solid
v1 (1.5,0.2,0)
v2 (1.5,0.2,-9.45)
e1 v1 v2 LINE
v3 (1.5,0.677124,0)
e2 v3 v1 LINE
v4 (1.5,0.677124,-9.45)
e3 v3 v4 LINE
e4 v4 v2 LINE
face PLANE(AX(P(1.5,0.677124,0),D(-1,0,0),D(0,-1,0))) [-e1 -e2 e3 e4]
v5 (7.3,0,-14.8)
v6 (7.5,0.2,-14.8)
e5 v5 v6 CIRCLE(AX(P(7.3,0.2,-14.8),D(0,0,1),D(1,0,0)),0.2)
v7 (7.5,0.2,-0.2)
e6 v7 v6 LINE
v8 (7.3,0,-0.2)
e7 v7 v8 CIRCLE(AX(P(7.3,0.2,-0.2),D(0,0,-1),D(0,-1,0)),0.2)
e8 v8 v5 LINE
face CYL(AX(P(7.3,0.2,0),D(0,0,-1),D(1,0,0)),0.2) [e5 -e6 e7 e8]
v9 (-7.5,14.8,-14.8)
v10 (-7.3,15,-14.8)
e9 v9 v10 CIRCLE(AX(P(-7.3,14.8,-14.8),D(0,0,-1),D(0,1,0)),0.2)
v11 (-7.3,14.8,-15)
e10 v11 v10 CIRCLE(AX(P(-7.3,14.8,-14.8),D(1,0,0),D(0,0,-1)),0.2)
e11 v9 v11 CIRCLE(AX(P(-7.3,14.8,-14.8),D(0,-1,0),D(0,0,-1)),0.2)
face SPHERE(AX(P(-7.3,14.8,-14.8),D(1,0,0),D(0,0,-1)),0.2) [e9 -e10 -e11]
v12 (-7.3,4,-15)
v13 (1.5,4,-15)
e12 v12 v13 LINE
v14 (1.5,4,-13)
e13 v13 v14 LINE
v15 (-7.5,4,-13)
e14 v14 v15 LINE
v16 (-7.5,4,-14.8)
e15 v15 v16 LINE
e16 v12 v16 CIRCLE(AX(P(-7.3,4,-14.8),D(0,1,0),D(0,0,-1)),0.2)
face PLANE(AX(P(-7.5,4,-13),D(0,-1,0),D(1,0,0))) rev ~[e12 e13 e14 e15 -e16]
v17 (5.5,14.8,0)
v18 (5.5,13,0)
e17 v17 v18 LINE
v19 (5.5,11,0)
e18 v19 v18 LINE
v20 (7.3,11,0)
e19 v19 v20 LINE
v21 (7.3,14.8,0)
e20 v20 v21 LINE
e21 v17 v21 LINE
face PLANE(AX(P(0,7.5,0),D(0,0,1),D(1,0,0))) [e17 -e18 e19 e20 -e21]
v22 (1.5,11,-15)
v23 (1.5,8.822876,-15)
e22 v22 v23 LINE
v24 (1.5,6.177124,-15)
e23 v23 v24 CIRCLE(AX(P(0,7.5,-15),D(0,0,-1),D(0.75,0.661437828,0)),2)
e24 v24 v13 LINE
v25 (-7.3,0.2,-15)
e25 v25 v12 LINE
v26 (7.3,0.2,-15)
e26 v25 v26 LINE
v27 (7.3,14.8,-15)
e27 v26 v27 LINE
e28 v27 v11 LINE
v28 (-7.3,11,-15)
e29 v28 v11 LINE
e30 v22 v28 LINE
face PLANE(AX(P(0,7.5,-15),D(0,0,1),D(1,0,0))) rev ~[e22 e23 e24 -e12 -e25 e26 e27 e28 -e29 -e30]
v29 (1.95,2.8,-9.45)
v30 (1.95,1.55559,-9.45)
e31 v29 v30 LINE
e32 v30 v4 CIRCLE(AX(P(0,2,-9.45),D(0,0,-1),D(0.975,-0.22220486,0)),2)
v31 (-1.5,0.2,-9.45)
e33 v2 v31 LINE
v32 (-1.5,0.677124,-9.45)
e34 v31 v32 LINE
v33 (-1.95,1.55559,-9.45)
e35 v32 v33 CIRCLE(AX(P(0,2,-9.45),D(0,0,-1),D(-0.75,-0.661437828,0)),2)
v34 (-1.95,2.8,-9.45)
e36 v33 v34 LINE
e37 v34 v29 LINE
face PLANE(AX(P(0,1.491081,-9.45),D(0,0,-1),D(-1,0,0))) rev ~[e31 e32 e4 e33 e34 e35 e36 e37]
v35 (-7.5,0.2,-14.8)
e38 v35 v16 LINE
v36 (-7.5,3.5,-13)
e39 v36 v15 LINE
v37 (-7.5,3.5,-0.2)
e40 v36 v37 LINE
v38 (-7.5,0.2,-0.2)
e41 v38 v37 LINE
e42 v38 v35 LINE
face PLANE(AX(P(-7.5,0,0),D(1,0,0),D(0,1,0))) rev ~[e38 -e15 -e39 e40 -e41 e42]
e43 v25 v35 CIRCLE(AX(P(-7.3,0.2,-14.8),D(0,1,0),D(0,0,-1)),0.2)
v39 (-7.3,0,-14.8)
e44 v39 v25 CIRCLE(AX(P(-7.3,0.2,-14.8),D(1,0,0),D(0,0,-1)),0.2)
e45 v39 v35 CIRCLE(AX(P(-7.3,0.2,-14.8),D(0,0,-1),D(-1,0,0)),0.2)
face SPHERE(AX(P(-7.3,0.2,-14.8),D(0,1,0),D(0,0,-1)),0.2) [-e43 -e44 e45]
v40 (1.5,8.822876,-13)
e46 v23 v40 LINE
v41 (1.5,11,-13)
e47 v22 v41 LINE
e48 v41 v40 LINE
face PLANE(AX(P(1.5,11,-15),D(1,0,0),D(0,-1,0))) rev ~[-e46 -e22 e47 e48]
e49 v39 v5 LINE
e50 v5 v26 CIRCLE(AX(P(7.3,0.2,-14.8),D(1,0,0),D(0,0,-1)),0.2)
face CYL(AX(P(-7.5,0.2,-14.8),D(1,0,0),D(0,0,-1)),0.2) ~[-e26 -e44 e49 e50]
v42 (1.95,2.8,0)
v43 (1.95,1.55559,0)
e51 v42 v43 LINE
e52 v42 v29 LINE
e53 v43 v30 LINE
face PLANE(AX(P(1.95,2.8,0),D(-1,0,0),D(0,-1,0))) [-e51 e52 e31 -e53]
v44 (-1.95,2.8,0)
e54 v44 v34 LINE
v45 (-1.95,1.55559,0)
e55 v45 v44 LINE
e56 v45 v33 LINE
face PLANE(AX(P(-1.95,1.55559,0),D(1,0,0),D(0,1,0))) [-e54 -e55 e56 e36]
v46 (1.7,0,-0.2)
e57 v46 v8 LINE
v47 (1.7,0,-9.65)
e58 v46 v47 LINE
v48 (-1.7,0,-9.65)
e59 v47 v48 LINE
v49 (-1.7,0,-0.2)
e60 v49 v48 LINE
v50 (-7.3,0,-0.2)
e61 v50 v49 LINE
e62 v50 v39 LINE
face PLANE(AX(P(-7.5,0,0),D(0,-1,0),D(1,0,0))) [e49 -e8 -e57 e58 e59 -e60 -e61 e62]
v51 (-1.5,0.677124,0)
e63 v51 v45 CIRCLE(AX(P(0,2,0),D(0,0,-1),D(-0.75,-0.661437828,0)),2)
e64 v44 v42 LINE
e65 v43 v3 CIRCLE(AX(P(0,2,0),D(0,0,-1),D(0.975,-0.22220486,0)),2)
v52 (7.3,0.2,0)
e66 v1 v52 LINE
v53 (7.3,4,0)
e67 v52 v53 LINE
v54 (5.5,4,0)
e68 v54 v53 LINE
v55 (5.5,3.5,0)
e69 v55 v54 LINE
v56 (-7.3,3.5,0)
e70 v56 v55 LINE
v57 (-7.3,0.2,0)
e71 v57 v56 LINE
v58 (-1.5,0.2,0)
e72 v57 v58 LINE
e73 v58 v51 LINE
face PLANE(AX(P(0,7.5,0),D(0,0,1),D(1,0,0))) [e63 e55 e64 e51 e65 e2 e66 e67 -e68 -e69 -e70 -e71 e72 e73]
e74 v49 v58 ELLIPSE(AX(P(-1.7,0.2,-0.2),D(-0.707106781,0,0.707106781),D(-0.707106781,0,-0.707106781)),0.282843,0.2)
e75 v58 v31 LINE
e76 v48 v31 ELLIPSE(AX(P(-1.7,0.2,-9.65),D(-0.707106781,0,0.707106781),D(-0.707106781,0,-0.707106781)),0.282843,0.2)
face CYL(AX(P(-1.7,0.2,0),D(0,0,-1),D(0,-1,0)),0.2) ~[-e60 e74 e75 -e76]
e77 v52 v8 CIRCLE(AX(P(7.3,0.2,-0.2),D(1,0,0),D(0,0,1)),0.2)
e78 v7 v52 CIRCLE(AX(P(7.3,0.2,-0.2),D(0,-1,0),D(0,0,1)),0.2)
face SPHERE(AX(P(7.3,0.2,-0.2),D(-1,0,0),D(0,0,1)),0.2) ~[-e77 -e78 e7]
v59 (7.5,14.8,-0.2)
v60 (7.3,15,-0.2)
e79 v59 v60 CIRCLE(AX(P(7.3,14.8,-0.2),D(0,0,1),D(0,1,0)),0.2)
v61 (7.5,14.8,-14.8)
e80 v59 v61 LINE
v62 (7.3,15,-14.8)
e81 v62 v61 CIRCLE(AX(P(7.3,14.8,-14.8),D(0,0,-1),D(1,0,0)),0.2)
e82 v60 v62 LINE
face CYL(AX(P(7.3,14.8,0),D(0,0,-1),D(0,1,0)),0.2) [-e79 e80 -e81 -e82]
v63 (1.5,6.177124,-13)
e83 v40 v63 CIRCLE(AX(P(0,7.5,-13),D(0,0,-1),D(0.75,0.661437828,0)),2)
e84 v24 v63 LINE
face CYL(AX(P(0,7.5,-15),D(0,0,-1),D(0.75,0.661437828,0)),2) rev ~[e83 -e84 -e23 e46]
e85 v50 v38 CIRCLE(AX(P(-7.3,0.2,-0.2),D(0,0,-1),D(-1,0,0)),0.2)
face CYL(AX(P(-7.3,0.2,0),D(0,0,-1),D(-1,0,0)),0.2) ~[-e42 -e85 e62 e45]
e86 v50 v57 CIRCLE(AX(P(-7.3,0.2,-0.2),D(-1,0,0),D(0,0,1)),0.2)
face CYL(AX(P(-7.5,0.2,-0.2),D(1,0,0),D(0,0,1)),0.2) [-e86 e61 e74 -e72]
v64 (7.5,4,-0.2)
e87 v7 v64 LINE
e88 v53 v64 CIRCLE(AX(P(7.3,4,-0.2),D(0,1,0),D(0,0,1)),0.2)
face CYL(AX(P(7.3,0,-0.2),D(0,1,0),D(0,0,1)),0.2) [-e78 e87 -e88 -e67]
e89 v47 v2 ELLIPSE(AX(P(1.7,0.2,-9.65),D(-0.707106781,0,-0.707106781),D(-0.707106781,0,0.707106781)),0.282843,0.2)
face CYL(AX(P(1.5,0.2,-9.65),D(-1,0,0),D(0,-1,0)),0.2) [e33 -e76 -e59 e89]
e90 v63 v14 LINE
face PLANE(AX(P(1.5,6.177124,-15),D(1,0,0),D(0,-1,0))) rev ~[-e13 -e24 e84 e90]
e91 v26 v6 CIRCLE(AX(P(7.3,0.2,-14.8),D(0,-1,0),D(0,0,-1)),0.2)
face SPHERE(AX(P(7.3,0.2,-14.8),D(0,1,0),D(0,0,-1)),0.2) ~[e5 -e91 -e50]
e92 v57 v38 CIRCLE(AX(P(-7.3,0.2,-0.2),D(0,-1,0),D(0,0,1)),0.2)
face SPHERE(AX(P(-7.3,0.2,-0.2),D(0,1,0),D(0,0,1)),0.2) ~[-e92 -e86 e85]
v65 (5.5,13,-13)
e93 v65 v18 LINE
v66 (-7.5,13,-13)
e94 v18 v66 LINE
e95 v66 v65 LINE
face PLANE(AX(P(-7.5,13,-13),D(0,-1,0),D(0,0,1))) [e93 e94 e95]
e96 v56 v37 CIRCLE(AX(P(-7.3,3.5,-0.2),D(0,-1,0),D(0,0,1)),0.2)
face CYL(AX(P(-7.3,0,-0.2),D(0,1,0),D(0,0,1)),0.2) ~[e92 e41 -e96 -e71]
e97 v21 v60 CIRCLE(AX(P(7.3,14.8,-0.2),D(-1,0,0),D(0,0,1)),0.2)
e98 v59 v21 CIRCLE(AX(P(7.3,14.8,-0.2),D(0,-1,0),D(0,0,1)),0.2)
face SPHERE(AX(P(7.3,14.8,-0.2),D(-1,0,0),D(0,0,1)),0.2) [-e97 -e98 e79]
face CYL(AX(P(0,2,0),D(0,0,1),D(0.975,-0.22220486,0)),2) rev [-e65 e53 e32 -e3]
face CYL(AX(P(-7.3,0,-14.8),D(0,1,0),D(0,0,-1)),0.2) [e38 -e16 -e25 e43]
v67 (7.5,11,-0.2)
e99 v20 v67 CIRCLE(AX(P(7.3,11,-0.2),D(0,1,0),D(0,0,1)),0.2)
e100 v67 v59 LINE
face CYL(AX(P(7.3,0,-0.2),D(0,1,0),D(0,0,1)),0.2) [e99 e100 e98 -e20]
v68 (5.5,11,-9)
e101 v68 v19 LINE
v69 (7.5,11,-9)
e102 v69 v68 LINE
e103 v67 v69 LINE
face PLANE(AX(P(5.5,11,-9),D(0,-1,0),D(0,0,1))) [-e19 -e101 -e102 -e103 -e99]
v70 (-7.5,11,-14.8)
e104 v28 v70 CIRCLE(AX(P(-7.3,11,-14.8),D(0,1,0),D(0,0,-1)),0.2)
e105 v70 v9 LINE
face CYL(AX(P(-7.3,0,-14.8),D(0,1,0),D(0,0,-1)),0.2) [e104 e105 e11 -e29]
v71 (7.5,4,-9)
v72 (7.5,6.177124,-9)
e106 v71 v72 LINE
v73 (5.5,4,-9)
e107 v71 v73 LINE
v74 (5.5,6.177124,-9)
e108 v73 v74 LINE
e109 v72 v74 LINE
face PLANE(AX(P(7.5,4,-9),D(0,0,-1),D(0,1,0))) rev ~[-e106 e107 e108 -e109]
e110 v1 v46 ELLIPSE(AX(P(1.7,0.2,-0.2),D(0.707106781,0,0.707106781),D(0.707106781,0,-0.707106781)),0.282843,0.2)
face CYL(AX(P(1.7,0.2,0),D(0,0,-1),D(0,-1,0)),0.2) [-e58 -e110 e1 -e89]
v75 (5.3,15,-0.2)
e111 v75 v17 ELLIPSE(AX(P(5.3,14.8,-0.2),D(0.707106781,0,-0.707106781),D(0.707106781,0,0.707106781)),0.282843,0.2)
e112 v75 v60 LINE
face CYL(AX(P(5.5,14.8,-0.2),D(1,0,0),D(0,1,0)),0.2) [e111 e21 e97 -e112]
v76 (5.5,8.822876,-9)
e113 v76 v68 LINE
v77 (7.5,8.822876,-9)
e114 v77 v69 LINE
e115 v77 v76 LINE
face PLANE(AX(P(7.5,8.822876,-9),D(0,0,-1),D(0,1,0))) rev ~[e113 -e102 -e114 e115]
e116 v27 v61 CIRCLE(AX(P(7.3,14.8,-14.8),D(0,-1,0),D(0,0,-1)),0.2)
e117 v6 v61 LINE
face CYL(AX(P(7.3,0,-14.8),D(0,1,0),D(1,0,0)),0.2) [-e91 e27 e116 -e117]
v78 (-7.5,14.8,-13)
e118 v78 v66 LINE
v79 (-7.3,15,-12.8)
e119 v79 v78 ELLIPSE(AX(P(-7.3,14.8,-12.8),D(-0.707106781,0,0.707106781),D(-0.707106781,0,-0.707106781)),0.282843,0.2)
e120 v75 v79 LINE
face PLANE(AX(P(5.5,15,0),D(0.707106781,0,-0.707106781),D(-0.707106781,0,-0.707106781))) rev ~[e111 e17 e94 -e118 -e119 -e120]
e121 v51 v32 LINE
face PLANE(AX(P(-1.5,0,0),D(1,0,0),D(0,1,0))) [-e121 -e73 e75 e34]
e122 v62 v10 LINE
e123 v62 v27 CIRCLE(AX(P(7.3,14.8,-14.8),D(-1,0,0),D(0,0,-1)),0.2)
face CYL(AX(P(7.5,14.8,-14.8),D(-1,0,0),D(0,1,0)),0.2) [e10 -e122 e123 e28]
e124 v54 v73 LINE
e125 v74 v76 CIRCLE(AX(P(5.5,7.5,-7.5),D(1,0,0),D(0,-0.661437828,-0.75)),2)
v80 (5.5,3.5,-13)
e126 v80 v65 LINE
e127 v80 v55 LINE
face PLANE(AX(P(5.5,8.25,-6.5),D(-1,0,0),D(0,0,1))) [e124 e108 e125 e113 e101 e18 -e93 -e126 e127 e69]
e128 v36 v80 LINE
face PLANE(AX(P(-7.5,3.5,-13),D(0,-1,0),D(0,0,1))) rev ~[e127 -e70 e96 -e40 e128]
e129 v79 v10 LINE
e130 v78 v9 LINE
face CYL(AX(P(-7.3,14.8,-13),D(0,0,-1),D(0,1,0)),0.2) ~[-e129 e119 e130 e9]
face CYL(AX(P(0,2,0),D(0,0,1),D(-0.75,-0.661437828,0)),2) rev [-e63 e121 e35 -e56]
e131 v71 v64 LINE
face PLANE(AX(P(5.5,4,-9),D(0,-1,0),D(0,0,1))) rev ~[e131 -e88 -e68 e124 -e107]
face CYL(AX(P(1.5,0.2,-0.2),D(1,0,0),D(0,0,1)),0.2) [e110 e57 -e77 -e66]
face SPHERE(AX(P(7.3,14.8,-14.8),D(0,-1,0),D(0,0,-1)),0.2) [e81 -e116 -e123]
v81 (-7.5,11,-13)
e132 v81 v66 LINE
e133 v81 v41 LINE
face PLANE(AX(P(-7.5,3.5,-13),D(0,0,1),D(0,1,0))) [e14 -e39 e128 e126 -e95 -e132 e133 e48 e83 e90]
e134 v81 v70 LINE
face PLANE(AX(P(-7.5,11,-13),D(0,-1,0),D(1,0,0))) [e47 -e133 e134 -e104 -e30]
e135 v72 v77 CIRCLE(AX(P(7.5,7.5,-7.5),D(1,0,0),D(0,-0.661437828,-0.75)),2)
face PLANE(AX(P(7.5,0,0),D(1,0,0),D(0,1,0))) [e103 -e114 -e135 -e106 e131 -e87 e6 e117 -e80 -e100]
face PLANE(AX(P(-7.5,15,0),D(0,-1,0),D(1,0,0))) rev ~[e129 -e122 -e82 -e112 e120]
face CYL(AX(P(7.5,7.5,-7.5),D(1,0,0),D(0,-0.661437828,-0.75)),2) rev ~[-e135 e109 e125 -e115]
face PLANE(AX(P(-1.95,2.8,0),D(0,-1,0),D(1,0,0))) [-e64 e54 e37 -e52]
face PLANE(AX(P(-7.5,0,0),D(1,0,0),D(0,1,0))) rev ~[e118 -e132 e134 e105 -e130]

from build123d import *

# Parameters (mm, degrees)
SKETCH_1_W                      = 15
SKETCH_1_H                      = 15
EXTRUDE_1_DEPTH                 = 15
SKETCH_2_W                      = 13
SKETCH_2_H                      = 9.5
CUT_EXTRUDE_1_DEPTH             = 13
CUT_EXTRUDE_2_DEPTH             = 9.45
EXTRUDE_START                   = -4.5
EXTRUDE_2_DEPTH                 = 6
SKETCH_5_W                      = 3
SKETCH_5_H                      = 3
EXTRUDE_3_DEPTH                 = 1
CUT_EXTRUDE_3_REACH             = 26.238
CUT_EXTRUDE_4_REACH             = 29.5
CUT_EXTRUDE_5_REACH             = 26.238
CUT_EXTRUDE_5_DIRECTION_2_REACH = 26.238
SKETCH_10_W                     = 5.767295788
SKETCH_10_H                     = 2.858107371
CUT_EXTRUDE_7_DEPTH             = 25.238399287
CUT_EXTRUDE_8_DEPTH             = 2
FILLET_2_R                      = 0.2
CUT_EXTRUDE_9_REACH             = 26.88
SKETCH_12_W                     = 9
SKETCH_12_H                     = 7
CUT_EXTRUDE_10_REACH            = 23.219
SKETCH_13_W                     = 9
SKETCH_13_H                     = 7


with BuildPart() as part:
    # 草图1 → 凸台-拉伸1 (new body)
    with BuildSketch(Plane.XY):
        with Locations((0, 7.5)):
            Rectangle(SKETCH_1_W, SKETCH_1_H)
    extrude(amount=-EXTRUDE_1_DEPTH)

    # 草图2 → 切除-拉伸1 (cut)
    with BuildSketch(Plane.ZY.offset(7.5)):
        with Locations((-6.5, 8.25)):
            Rectangle(SKETCH_2_W, SKETCH_2_H)
    extrude(amount=-CUT_EXTRUDE_1_DEPTH, mode=Mode.SUBTRACT)

    # 草图3 → 切除-拉伸2 (cut)
    with BuildSketch(Plane.XY):
        with BuildLine():
            Line((-1.5, 0), (-1.5, 0.677124344))
            ThreePointArc((-1.5, 0.677124344), (-1.780042303, 1.088161527), (-1.95, 1.555590279))
            Line((-1.95, 1.555590279), (-1.95, 2.8))
            Line((-1.95, 2.8), (1.95, 2.8))
            Line((1.95, 2.8), (1.95, 1.555590279))
            ThreePointArc((1.95, 1.555590279), (1.780042303, 1.088161527), (1.5, 0.677124344))
            Line((1.5, 0.677124344), (1.5, 0))
            Line((1.5, 0), (-1.5, 0))
        make_face()
    extrude(amount=-CUT_EXTRUDE_2_DEPTH, mode=Mode.SUBTRACT)



with BuildPart() as body_2:
    # 草图4 → 凸台-拉伸2 (new body)
    with BuildSketch(Plane.XY.offset(EXTRUDE_START)):
        with BuildLine():
            Line((-1.5, 15.677124344), (1.5, 15.677124344))
            ThreePointArc((1.5, 15.677124344), (1.780042303, 16.088161527), (1.95, 16.555590279))
            Line((1.95, 16.555590279), (1.95, 17.5))
            Line((1.95, 17.5), (-1.95, 17.5))
            Line((-1.95, 17.5), (-1.95, 16.555590279))
            ThreePointArc((-1.95, 16.555590279), (-1.780042303, 16.088161527), (-1.5, 15.677124344))
        make_face()
    extrude(amount=-EXTRUDE_2_DEPTH)


with BuildPart() as part_1:
    add(part.part)

    add(body_2.part)  # 凸台-拉伸3 merges body 2
    # 草图5 → 凸台-拉伸3 (add)
    with BuildSketch(Plane(origin=(0, 15, 0), x_dir=(-1, 0, 0), z_dir=(0, 1, 0))):
        with Locations((0, -7.5)):
            Rectangle(SKETCH_5_W, SKETCH_5_H)
    extrude(amount=EXTRUDE_3_DEPTH)

    # 草图6 → 切除-拉伸3 (cut, up to next)
    with BuildSketch(Plane(origin=(0, 0, -15), x_dir=(-1, 0, 0), z_dir=(0, 0, -1)), mode=Mode.PRIVATE) as cut_extrude_3_sk1:
        with BuildLine():
            Line((-1.5, 6.177124344), (-1.5, 4))
            Line((-1.5, 4), (1.5, 4))
            Line((1.5, 4), (1.5, 6.177124344))
            ThreePointArc((1.5, 6.177124344), (2, 7.5), (1.5, 8.822875656))
            Line((1.5, 8.822875656), (1.5, 11))
            Line((1.5, 11), (-1.5, 11))
            Line((-1.5, 11), (-1.5, 8.822875656))
            ThreePointArc((-1.5, 8.822875656), (-2, 7.5), (-1.5, 6.177124344))
        make_face()
    cut_extrude_3_tool1 = extrude(cut_extrude_3_sk1.sketch, amount=-CUT_EXTRUDE_3_REACH, mode=Mode.PRIVATE) & part_1.part
    add(cut_extrude_3_tool1.solids().sort_by_distance((0, 7.5, -15))[0], mode=Mode.SUBTRACT)

    # 草图7 → 切除-拉伸4 (cut, up to next)
    with BuildSketch(Plane(origin=(7.5, 0, 0), x_dir=(0, 0, -1), z_dir=(1, 0, 0)), mode=Mode.PRIVATE) as cut_extrude_4_sk1:
        with BuildLine():
            Line((6, 6.177124344), (6, 4))
            Line((6, 4), (9, 4))
            Line((9, 4), (9, 6.177124344))
            ThreePointArc((9, 6.177124344), (9.5, 7.5), (9, 8.822875656))
            Line((9, 8.822875656), (9, 11))
            Line((9, 11), (6, 11))
            Line((6, 11), (6, 8.822875656))
            ThreePointArc((6, 8.822875656), (5.5, 7.5), (6, 6.177124344))
        make_face()
    cut_extrude_4_tool1 = extrude(cut_extrude_4_sk1.sketch, amount=-CUT_EXTRUDE_4_REACH, mode=Mode.PRIVATE) & part_1.part
    add(cut_extrude_4_tool1.solids().sort_by_distance((7.5, 7.5, -7.5))[0], mode=Mode.SUBTRACT)

    # 草图8 → 切除-拉伸5 (cut, up to next)
    with BuildSketch(Plane(origin=(0, 0, 0), x_dir=(0, 0, -1), z_dir=(1, 0, 0)), mode=Mode.PRIVATE) as cut_extrude_5_sk1:
        with BuildLine():
            Line((5.55, 17.5), (5.55, 16.555590279))
            ThreePointArc((5.55, 16.555590279), (5.719957697, 16.088161527), (6, 15.677124344))
            Line((6, 15.677124344), (4.5, 15.677124344))
            Line((4.5, 15.677124344), (4.5, 17.5))
            Line((4.5, 17.5), (5.55, 17.5))
        make_face()
    cut_extrude_5_tool1 = extrude(cut_extrude_5_sk1.sketch, amount=-CUT_EXTRUDE_5_REACH, mode=Mode.PRIVATE) & part_1.part
    # 草图8 → 切除-拉伸5 (cut, up to next)
    with BuildSketch(Plane(origin=(0, 0, 0), x_dir=(0, 0, -1), z_dir=(1, 0, 0)), mode=Mode.PRIVATE) as cut_extrude_5_sk2:
        with BuildLine():
            Line((10.5, 17.5), (9.45, 17.5))
            Line((9.45, 17.5), (9.45, 16.555590279))
            ThreePointArc((9.45, 16.555590279), (9.280042303, 16.088161527), (9, 15.677124344))
            Line((9, 15.677124344), (10.5, 15.677124344))
            Line((10.5, 15.677124344), (10.5, 17.5))
        make_face()
    cut_extrude_5_tool2 = extrude(cut_extrude_5_sk2.sketch, amount=-CUT_EXTRUDE_5_REACH, mode=Mode.PRIVATE) & part_1.part
    add(cut_extrude_5_tool1.solids().sort_by_distance((0, 16.539049, -5.075076))[0], mode=Mode.SUBTRACT)
    add(cut_extrude_5_tool2.solids().sort_by_distance((0, 16.539049, -9.924924))[0], mode=Mode.SUBTRACT)

    # 草图8 → 切除-拉伸5 direction 2 (cut, up to next)
    with BuildSketch(Plane(origin=(0, 0, 0), x_dir=(0, 0, -1), z_dir=(1, 0, 0)), mode=Mode.PRIVATE) as cut_extrude_5_direction_2_sk1:
        with BuildLine():
            Line((5.55, 17.5), (5.55, 16.555590279))
            ThreePointArc((5.55, 16.555590279), (5.719957697, 16.088161527), (6, 15.677124344))
            Line((6, 15.677124344), (4.5, 15.677124344))
            Line((4.5, 15.677124344), (4.5, 17.5))
            Line((4.5, 17.5), (5.55, 17.5))
        make_face()
    cut_extrude_5_direction_2_tool1 = extrude(cut_extrude_5_direction_2_sk1.sketch, amount=CUT_EXTRUDE_5_DIRECTION_2_REACH, mode=Mode.PRIVATE) & part_1.part
    # 草图8 → 切除-拉伸5 direction 2 (cut, up to next)
    with BuildSketch(Plane(origin=(0, 0, 0), x_dir=(0, 0, -1), z_dir=(1, 0, 0)), mode=Mode.PRIVATE) as cut_extrude_5_direction_2_sk2:
        with BuildLine():
            Line((10.5, 17.5), (9.45, 17.5))
            Line((9.45, 17.5), (9.45, 16.555590279))
            ThreePointArc((9.45, 16.555590279), (9.280042303, 16.088161527), (9, 15.677124344))
            Line((9, 15.677124344), (10.5, 15.677124344))
            Line((10.5, 15.677124344), (10.5, 17.5))
        make_face()
    cut_extrude_5_direction_2_tool2 = extrude(cut_extrude_5_direction_2_sk2.sketch, amount=CUT_EXTRUDE_5_DIRECTION_2_REACH, mode=Mode.PRIVATE) & part_1.part
    add(cut_extrude_5_direction_2_tool1.solids().sort_by_distance((0, 16.539049, -5.075076))[0], mode=Mode.SUBTRACT)
    add(cut_extrude_5_direction_2_tool2.solids().sort_by_distance((0, 16.539049, -9.924924))[0], mode=Mode.SUBTRACT)

    # 草图10 → 切除-拉伸7 (cut, through all)
    with BuildSketch(Plane.XY):
        with Locations((0, 16.429053686)):
            Rectangle(SKETCH_10_W, SKETCH_10_H)
    extrude(amount=-CUT_EXTRUDE_7_DEPTH, mode=Mode.SUBTRACT)

    # 草图11 → 切除-拉伸8 (cut)
    with BuildSketch(Plane(origin=(0, 15, 0), x_dir=(-1, 0, 0), z_dir=(0, 1, 0))):
        Polygon((7.5, -13), (7.5, 0), (-5.5, 0), align=None)
    extrude(amount=-CUT_EXTRUDE_8_DEPTH, mode=Mode.SUBTRACT)

    # 圆角2
    fillet_2_edges = [part_1.edges().sort_by_distance(p)[0] for p in [
        (7.5, 7.5, -15),
        (0, 15, -15),
        (-7.5, 1.75, 0),
        (4.5, 0, 0),
        (0, 0, -9.45),
        (1.5, 0, -4.725),
        (-1.5, 0, -4.725),
        (-7.5, 7.5, -15),
        (6.5, 15, 0),
        (7.5, 7.5, 0),
        (-4.5, 0, 0),
        (0, 0, -15),
        (-7.5, 15, -14),
        (7.5, 15, -7.5),
        (7.5, 0, -7.5),
        (-7.5, 0, -7.5),
    ]]
    fillet(fillet_2_edges, radius=FILLET_2_R)

    # 草图12 → 切除-拉伸9 (cut, up to next)
    with BuildSketch(Plane.ZY.offset(-5.5), mode=Mode.PRIVATE) as cut_extrude_9_sk1:
        with Locations((-4.5, 7.5)):
            Rectangle(SKETCH_12_W, SKETCH_12_H)
    cut_extrude_9_tool1 = extrude(cut_extrude_9_sk1.sketch, amount=-CUT_EXTRUDE_9_REACH, mode=Mode.PRIVATE) & part_1.part
    add(cut_extrude_9_tool1.solids().sort_by_distance((5.5, 7.5, -4.5))[0], mode=Mode.SUBTRACT)

    # 草图13 → 切除-拉伸10 (cut, up to next)
    with BuildSketch(Plane.XY.offset(-13), mode=Mode.PRIVATE) as cut_extrude_10_sk1:
        with Locations((-3, 7.5)):
            Rectangle(SKETCH_13_W, SKETCH_13_H)
    cut_extrude_10_tool1 = extrude(cut_extrude_10_sk1.sketch, amount=-CUT_EXTRUDE_10_REACH, mode=Mode.PRIVATE) & part_1.part
    add(cut_extrude_10_tool1.solids().sort_by_distance((-3, 7.5, -13))[0], mode=Mode.SUBTRACT)


solid = part_1.part
